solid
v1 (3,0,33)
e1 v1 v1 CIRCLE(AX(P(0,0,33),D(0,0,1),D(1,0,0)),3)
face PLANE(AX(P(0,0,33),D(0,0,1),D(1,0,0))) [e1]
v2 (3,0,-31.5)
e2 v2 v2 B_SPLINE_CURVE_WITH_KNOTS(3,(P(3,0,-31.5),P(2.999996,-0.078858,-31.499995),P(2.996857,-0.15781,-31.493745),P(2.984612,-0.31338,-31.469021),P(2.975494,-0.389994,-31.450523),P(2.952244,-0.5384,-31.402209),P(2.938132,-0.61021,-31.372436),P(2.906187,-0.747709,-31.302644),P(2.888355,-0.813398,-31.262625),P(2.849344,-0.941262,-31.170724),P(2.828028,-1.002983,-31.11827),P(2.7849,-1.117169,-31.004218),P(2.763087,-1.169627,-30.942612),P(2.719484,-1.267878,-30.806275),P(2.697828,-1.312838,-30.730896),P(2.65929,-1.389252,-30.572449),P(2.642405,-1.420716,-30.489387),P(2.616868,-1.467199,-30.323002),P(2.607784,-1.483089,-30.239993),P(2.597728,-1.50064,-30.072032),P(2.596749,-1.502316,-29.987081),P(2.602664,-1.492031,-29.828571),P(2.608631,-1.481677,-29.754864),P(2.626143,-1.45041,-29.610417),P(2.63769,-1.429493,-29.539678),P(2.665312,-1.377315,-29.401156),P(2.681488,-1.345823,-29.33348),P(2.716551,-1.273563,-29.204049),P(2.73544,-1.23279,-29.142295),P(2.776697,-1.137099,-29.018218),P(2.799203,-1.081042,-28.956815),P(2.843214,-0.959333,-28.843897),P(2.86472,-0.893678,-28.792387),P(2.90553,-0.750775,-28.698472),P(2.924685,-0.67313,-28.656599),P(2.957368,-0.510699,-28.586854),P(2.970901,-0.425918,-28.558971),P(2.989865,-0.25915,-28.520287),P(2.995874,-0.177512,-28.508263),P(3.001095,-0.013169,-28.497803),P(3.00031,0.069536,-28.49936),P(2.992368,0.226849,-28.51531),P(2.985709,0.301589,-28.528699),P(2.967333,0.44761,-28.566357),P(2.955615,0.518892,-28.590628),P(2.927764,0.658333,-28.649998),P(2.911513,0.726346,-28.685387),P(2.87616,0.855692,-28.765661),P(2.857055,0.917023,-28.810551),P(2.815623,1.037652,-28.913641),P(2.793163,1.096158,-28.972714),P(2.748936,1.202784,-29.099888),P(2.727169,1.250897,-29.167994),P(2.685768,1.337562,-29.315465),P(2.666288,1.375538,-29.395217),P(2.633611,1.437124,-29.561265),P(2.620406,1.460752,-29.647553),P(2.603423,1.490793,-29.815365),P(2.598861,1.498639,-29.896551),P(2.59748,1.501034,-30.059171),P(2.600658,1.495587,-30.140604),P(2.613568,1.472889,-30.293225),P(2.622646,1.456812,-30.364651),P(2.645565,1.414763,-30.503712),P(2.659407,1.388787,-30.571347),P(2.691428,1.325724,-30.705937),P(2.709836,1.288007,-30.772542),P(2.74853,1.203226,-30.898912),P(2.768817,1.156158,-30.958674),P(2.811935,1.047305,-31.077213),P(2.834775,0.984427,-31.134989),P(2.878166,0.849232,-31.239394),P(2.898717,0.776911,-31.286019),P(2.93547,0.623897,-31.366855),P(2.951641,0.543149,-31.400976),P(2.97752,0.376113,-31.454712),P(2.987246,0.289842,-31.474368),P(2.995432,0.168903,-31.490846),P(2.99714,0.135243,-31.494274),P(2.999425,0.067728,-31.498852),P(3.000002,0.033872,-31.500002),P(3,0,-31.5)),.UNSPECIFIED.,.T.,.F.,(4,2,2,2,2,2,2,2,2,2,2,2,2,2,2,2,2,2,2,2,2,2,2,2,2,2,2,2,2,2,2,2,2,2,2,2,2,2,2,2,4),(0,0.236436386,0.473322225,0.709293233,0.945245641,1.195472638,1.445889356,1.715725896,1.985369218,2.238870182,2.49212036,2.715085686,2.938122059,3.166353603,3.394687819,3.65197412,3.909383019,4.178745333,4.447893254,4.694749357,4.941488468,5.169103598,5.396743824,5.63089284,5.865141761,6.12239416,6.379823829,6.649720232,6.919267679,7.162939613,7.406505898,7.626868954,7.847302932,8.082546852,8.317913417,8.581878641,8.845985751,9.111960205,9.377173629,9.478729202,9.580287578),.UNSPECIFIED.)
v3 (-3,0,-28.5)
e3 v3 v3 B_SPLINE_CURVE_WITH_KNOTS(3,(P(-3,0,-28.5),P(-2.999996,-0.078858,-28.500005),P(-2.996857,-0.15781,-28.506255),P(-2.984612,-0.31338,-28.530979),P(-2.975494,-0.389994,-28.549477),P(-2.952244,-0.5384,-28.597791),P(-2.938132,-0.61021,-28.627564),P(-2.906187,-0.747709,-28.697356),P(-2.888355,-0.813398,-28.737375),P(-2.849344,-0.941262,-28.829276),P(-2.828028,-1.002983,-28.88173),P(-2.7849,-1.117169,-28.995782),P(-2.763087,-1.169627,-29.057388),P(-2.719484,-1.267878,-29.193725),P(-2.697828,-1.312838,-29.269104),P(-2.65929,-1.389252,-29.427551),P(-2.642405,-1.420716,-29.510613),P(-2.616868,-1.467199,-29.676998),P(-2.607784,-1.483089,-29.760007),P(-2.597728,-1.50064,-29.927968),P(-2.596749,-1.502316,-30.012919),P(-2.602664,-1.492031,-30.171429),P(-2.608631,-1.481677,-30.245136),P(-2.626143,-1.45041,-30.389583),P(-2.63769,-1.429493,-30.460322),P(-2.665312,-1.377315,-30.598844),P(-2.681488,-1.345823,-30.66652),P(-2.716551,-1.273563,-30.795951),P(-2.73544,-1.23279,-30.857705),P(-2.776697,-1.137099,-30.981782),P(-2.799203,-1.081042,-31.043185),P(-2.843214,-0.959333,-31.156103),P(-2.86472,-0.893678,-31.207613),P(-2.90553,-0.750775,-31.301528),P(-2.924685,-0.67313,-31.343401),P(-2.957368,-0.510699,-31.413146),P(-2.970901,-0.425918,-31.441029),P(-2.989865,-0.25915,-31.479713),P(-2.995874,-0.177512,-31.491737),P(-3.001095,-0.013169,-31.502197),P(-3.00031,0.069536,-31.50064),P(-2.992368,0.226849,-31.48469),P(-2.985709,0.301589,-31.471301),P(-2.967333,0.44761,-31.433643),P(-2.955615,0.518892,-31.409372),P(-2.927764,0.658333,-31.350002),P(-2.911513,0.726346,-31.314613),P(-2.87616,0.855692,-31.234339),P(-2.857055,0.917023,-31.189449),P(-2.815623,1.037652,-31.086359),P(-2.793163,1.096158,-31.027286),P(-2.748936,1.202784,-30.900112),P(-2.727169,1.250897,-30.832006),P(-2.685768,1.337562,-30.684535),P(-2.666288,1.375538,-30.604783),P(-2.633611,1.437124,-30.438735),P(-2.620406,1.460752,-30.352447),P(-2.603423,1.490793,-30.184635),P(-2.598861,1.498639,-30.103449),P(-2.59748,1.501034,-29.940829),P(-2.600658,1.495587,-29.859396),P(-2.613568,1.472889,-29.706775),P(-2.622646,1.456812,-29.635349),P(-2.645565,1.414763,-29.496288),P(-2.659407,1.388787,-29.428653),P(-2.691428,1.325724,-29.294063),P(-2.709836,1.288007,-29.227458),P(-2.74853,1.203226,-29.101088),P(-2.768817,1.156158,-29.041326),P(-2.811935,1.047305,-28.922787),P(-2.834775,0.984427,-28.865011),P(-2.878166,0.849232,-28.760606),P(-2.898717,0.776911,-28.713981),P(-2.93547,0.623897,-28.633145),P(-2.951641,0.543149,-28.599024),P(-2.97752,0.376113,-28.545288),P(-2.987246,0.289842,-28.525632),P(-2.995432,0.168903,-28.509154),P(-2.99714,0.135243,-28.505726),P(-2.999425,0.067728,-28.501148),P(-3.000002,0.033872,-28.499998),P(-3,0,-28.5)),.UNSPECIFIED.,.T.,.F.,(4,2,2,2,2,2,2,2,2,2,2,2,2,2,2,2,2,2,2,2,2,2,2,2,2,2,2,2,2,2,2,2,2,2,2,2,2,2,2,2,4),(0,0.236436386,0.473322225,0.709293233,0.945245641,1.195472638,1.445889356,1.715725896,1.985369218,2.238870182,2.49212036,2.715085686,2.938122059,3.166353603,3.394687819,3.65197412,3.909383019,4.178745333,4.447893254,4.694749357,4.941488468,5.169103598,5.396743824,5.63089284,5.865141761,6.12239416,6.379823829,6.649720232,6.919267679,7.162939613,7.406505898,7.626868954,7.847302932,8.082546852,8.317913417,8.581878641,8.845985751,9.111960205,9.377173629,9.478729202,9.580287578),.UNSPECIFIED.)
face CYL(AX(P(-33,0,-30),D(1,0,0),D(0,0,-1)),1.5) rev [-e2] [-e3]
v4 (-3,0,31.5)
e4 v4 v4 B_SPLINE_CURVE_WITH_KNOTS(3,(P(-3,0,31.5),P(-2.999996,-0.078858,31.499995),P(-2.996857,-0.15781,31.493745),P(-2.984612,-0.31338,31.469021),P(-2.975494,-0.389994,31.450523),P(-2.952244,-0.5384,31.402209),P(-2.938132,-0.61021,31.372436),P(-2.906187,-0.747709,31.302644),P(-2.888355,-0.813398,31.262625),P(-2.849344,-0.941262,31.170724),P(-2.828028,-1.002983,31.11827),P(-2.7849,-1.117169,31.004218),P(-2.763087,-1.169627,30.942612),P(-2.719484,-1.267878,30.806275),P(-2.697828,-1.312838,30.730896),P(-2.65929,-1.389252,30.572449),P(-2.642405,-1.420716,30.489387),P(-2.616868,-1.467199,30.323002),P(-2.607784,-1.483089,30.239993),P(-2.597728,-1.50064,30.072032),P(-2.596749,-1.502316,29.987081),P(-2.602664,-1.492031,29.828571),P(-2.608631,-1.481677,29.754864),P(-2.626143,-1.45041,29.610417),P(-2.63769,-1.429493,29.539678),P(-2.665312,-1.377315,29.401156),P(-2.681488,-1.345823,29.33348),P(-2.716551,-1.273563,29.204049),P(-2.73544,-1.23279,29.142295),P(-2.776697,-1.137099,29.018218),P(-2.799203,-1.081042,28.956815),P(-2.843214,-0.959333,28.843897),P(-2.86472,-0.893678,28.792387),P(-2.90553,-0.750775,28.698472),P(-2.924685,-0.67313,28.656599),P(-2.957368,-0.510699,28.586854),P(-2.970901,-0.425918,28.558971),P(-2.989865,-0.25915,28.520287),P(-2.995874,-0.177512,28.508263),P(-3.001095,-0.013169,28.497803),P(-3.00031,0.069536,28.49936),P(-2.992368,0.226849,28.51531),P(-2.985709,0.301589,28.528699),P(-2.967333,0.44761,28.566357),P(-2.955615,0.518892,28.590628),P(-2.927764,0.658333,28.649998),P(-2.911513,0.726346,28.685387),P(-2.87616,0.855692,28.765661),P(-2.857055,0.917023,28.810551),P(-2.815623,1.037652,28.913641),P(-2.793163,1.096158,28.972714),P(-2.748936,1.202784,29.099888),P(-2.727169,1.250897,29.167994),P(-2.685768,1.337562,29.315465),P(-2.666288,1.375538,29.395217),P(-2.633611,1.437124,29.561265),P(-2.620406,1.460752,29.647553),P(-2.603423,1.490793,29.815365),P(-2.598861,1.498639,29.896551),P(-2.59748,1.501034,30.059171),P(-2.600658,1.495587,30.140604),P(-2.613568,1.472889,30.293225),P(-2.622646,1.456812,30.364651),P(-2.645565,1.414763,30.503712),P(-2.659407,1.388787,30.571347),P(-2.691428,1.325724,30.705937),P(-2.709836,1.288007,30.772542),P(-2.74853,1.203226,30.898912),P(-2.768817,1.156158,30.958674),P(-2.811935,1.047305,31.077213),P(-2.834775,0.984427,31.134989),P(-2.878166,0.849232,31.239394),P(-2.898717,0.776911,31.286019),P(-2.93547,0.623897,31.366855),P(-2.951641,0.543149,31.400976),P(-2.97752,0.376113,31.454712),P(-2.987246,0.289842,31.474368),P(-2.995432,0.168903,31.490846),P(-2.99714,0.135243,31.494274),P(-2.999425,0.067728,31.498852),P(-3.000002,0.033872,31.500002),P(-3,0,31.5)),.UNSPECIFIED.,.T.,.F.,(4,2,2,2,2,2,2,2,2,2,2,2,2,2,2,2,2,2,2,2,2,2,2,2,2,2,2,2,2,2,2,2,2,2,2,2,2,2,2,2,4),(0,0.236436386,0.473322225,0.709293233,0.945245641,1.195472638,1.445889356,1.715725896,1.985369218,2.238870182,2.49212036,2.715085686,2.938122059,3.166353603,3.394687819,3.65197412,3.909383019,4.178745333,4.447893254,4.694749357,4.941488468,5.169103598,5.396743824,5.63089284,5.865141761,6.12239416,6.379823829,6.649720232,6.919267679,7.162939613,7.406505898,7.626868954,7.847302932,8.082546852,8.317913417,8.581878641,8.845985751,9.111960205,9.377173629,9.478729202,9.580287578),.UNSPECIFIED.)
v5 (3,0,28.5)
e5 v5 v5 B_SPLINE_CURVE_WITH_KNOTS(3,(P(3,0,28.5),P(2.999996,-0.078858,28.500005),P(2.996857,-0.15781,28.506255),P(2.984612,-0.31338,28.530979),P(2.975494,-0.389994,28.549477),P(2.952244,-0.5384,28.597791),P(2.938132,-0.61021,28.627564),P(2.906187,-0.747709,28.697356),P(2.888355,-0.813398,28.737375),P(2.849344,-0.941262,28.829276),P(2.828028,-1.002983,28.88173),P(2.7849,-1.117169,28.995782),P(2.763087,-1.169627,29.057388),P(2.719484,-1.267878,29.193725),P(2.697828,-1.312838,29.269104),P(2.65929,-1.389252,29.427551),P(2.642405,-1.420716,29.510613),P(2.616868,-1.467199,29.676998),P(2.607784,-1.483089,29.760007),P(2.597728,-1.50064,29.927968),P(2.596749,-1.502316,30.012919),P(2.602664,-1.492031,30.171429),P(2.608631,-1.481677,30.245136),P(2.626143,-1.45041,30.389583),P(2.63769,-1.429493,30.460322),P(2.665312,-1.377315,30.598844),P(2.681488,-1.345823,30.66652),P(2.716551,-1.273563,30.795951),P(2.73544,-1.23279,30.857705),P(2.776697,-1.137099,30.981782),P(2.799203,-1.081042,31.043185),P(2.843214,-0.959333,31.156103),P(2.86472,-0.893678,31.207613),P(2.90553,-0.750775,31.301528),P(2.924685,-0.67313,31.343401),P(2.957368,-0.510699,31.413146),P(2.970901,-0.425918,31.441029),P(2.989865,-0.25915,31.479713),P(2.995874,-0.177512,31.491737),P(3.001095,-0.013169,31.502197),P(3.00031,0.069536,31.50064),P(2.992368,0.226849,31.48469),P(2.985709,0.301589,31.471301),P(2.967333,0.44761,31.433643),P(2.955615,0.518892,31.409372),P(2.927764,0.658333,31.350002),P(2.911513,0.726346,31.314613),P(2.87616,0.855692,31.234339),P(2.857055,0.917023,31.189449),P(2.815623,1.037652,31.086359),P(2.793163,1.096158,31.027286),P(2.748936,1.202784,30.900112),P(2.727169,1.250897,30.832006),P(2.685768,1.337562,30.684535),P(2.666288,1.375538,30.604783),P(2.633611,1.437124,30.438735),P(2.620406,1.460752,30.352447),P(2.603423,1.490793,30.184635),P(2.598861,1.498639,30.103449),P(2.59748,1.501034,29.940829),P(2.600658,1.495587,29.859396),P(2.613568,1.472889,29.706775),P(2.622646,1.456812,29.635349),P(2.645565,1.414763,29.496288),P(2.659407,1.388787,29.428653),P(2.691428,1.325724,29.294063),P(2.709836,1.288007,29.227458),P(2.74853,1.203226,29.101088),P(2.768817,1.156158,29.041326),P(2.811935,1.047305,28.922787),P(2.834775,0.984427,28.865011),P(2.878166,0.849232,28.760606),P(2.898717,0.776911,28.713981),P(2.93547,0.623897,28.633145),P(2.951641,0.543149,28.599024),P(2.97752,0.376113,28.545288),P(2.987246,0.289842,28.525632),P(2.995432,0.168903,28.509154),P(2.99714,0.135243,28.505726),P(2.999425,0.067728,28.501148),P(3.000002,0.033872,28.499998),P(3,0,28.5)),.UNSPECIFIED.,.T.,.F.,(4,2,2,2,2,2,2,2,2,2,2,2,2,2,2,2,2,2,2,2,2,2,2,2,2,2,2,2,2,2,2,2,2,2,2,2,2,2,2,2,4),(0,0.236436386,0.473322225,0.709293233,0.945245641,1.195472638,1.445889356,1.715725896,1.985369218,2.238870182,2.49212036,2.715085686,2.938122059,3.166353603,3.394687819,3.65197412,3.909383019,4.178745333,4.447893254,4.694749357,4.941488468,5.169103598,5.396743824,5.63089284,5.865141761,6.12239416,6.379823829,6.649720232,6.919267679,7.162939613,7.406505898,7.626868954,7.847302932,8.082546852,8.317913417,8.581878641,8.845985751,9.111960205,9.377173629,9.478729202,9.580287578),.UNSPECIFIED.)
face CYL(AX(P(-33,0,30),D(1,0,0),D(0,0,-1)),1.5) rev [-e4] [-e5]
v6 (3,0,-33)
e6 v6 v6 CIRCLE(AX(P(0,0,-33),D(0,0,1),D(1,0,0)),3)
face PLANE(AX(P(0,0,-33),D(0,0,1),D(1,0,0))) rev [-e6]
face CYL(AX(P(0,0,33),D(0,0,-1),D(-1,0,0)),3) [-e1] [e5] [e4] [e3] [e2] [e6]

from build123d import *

# Parameters (mm, degrees)
SKETCH_1_R          = 3
EXTRUDE_1_DEPTH     = 33
SKETCH_2_R          = 1.5
CUT_EXTRUDE_1_DEPTH = 33


with BuildPart() as part:
    # 草圖1 → 填料-伸長1 (new body, symmetric)
    with BuildSketch(Plane.XY):
        Circle(SKETCH_1_R)
    extrude(amount=EXTRUDE_1_DEPTH, both=True)

    # 草圖2 → 除料-伸長1 (cut, symmetric)
    with BuildSketch(Plane(origin=(0, 0, 0), x_dir=(0, 0, -1), z_dir=(1, 0, 0))):
        with Locations((30, 0)):
            Circle(SKETCH_2_R)
        with Locations((-30, 0)):
            Circle(SKETCH_2_R)
    extrude(amount=CUT_EXTRUDE_1_DEPTH, both=True, mode=Mode.SUBTRACT)


solid = part.part
